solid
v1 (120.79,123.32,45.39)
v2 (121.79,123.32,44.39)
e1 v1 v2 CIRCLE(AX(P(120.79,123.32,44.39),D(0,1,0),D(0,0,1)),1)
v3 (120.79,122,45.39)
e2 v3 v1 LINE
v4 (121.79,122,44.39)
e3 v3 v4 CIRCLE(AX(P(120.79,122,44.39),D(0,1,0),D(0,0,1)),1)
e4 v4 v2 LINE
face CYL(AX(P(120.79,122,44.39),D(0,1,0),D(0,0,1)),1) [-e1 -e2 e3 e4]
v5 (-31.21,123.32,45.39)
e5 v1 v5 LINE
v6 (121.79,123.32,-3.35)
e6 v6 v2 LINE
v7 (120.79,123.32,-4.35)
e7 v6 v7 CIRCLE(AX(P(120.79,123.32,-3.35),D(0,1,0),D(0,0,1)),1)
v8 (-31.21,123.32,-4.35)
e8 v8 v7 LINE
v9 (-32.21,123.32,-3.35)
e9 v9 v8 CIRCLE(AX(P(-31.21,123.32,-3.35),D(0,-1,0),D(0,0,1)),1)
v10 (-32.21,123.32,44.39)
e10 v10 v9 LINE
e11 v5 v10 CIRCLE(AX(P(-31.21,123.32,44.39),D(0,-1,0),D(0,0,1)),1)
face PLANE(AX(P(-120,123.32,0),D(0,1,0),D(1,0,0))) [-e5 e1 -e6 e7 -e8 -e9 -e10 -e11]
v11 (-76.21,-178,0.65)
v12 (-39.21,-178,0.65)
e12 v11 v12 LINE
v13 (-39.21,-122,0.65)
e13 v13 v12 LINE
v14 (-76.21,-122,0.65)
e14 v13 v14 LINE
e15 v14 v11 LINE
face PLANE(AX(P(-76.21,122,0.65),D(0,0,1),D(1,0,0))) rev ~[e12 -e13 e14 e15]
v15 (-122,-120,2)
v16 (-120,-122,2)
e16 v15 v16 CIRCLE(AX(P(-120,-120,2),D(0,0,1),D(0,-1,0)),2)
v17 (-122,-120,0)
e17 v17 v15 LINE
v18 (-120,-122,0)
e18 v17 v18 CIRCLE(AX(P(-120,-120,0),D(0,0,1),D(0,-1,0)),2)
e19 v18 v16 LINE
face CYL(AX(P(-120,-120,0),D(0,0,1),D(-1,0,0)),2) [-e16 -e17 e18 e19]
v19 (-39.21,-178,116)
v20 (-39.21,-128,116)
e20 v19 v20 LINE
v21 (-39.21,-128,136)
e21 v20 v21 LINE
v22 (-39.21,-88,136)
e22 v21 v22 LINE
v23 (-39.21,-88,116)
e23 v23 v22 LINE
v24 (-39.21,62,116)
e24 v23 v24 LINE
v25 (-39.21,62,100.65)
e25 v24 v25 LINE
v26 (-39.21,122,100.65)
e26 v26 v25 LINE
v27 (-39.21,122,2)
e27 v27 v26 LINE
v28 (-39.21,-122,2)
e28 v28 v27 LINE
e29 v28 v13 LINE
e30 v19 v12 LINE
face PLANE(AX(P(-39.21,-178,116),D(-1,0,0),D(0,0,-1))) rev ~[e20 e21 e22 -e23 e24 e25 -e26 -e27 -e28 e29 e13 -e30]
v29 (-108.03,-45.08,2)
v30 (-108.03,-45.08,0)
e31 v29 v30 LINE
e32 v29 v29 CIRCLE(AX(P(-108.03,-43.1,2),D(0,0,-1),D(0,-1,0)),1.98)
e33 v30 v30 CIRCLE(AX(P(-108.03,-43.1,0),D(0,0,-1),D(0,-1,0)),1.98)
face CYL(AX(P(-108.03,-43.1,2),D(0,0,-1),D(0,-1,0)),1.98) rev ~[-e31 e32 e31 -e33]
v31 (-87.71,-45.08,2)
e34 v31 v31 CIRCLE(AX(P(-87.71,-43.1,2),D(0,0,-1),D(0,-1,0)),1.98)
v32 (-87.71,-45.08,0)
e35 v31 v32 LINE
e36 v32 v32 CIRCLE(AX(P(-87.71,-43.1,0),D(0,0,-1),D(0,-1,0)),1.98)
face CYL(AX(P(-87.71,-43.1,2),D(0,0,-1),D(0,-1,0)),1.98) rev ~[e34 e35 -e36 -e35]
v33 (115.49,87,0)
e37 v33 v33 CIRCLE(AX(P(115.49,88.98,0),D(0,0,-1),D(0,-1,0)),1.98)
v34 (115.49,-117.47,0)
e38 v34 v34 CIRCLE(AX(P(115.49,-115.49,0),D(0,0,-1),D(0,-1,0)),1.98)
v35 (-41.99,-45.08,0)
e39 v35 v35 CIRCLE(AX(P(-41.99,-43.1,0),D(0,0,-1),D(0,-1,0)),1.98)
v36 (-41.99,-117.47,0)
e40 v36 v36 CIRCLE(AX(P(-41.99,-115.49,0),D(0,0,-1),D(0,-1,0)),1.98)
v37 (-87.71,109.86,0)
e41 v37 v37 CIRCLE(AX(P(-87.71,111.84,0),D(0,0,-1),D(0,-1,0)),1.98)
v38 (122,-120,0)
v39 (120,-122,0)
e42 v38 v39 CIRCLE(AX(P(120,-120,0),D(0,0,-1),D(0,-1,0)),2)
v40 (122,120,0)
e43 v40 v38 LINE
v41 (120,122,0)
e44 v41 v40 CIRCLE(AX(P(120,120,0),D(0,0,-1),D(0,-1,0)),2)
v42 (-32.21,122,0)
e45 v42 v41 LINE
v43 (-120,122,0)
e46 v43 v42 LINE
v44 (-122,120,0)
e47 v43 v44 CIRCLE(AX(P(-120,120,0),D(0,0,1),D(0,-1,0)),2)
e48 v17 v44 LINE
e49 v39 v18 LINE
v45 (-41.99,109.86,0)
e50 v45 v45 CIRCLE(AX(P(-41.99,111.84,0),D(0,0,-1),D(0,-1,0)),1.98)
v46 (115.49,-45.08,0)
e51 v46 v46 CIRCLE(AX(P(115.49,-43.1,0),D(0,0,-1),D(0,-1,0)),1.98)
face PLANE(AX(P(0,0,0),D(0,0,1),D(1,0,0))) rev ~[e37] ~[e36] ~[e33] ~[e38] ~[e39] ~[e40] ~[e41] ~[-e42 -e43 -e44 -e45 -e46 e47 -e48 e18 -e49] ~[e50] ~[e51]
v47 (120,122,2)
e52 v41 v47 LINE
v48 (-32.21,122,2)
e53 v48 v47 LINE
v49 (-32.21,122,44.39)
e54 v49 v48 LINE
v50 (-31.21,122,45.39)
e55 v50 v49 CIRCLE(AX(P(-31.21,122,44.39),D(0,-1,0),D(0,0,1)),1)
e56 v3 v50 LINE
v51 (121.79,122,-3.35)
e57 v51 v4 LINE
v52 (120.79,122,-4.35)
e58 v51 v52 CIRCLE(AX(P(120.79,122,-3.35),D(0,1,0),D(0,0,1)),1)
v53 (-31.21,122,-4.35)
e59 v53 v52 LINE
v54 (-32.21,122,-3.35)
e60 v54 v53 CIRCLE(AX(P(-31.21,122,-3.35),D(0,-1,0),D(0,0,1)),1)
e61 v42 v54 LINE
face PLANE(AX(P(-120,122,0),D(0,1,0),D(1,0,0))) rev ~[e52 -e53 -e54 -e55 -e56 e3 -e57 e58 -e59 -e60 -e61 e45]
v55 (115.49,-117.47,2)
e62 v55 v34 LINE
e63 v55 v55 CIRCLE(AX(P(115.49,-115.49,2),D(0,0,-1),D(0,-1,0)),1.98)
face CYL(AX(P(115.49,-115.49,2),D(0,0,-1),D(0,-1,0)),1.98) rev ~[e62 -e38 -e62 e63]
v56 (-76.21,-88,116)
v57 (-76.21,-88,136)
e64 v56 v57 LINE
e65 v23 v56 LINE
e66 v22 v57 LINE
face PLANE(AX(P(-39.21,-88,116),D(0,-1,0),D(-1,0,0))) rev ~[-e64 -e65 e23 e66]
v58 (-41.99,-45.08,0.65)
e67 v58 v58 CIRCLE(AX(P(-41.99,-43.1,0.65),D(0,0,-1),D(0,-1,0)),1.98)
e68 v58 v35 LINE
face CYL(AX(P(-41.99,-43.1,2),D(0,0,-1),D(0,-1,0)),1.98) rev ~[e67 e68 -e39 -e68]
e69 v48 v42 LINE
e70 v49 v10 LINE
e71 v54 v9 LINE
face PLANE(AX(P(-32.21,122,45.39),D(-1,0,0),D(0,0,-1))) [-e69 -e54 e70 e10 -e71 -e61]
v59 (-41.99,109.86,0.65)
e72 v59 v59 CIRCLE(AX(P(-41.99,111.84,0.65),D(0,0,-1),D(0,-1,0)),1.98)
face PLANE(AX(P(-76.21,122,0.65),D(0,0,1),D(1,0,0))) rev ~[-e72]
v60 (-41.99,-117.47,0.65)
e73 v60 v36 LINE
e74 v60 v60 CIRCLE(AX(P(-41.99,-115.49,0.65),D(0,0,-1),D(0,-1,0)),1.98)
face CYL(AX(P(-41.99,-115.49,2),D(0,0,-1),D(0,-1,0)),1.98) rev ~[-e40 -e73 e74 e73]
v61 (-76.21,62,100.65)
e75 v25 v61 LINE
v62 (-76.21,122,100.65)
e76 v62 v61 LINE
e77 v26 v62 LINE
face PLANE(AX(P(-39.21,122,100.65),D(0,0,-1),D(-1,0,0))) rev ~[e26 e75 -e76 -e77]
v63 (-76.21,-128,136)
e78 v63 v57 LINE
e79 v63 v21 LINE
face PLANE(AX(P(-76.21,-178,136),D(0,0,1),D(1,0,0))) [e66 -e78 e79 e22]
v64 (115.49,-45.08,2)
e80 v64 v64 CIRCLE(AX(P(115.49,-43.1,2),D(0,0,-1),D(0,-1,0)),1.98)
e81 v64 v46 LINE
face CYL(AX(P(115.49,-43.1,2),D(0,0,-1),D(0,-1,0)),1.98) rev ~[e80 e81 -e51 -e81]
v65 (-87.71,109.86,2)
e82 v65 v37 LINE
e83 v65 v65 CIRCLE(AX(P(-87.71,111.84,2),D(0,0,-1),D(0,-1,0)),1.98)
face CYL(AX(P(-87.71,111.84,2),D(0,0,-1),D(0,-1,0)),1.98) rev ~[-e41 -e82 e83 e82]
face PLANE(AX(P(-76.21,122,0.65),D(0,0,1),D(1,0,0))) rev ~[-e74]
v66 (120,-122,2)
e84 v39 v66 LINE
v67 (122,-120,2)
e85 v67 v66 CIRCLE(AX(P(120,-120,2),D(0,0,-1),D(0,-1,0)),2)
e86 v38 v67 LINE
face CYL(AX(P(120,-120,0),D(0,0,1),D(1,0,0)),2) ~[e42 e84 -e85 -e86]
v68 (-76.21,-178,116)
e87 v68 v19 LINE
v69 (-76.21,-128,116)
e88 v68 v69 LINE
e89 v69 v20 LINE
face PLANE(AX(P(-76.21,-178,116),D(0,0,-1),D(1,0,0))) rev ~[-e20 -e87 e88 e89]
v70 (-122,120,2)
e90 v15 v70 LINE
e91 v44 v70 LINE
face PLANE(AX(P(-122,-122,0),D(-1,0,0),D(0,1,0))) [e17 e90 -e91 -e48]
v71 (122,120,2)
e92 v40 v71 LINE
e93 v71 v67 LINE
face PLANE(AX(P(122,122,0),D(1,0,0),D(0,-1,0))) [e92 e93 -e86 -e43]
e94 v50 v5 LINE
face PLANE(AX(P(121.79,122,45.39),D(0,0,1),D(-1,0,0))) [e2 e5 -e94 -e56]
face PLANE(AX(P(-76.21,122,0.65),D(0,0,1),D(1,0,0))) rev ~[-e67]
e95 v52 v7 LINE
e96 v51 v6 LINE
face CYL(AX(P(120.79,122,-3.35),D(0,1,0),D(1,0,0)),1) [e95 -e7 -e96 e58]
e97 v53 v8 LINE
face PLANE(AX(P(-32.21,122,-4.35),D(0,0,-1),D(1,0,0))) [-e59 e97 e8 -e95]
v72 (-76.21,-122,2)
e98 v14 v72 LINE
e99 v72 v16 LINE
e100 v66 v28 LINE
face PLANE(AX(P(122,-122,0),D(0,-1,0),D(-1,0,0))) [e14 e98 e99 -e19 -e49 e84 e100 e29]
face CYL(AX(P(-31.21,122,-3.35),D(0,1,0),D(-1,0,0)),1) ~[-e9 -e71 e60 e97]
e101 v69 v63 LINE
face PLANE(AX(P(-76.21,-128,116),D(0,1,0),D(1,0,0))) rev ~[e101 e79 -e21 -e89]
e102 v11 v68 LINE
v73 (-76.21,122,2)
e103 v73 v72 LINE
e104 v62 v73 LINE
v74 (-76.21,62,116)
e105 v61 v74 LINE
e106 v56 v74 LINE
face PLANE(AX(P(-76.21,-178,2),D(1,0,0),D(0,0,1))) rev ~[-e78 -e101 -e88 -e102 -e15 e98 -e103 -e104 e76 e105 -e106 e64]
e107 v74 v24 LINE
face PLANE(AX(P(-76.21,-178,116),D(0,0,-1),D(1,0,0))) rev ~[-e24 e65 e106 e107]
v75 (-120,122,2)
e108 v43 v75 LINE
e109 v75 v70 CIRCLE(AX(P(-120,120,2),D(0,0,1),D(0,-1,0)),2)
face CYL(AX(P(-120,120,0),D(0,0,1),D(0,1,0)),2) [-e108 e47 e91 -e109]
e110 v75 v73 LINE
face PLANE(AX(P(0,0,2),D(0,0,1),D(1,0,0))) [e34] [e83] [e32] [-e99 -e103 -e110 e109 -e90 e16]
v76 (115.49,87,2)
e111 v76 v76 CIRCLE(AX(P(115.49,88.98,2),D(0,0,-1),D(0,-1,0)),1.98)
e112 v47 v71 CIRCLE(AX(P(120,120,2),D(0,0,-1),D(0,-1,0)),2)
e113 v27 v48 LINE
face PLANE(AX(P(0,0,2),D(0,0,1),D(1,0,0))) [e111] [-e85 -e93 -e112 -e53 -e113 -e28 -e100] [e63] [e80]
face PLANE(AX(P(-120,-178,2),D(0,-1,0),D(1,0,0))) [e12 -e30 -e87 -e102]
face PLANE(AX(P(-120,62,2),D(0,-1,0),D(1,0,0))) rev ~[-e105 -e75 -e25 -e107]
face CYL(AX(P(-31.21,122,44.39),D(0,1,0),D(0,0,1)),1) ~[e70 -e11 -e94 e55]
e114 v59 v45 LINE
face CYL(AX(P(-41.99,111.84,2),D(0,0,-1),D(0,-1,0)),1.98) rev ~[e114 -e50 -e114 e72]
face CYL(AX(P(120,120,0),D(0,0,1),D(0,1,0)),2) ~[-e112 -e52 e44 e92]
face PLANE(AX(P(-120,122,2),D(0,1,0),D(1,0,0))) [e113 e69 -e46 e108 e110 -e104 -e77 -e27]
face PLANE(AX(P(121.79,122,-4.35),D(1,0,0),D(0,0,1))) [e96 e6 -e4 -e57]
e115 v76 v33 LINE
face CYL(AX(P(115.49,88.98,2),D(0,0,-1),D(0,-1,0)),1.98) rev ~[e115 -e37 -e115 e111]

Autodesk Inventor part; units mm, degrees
ref_plane "YZ Plane" through (0, 0, 0) normal (1, 0, 0) x (0, 1, 0)
ref_plane "XZ Plane" through (0, 0, 0) normal (0, 1, 0) x (-1, 0, 0)
ref_plane "XY Plane" through (0, 0, 0) normal (0, 0, 1) x (1, 0, 0)
sketch "Sketch1" plane through (0, 0, 0) normal (0, 0, 1) x (1, 0, 0)
  line L0 (-122, 122) -> (122, 122)
  line L1 (122, 122) -> (122, -122)
  line L2 (122, -122) -> (-122, -122)
  line L3 (-122, -122) -> (-122, 122)
  point P0 (0, 0)
  dimension "d0" = 244
  dimension "d1" = 244
  dimension "d2" = 122
  dimension "d3" = 122
extrude "Extrusion1" add sketch "Sketch1" along normal blind 2
sketch "Sketch3" plane through (0, 0, 2) normal (0, 0, 1) x (1, 0, 0)
  line L0 (122, 122) -> (-122, 122) projected
  line L1 (-122, 122) -> (-122, -122) projected
  line L2 (-122, -122) -> (122, -122) projected
  line L3 (122, -122) -> (122, 122) projected
  line L4 (-209.7818, 111.84) -> (205.7988, 111.84) construction
  line L5 (-179.0523, -43.1) -> (193.3606, -43.1) construction
  line L6 (-192.2221, -115.49) -> (227.0168, -115.49) construction
  line L7 (115.49, -184.6971) -> (115.49, 232.3468) construction
  line L8 (-41.99, -199.0105) -> (-41.99, 288.2767) construction
  point P0 (0, 0)
  point P1 (-87.71, 111.84)
  point P2 (-41.99, 111.84)
  point P3 (-108.03, -43.1)
  point P4 (-87.71, -43.1)
  point P5 (-41.99, -43.1)
  point P6 (115.49, -43.1)
  point P7 (115.49, -115.49)
  point P8 (-41.99, -115.49)
  point P9 (115.49, 88.98)
  dimension "d12" = 34.29
  dimension "d13" = 20.32
  dimension "d18" = 10.16
  dimension "d20" = 227.33
  dimension "d22" = 90
  dimension "d23" = 22.86
  dimension "d24" = 154.94
  dimension "d25" = 45.72
  dimension "d26" = 203.2
  dimension "d27" = 45.72
hole "Hole1" at (-87.71, 111.84, 2) at (-41.99, 111.84, 2) at (-108.03, -43.1, 2) at (-87.71, -43.1, 2) at (-41.99, -43.1, 2) at (115.49, -43.1, 2) at (115.49, -115.49, 2) at (-41.99, -115.49, 2) at (115.49, 88.98, 2) direction (0, 0, -1) diameter 3.96 end through all
fillet "Fillet1" radius 2 4 edges at (-122, 122, 1) (-122, -122, 1) (122, -122, 1) (122, 122, 1)
sketch "Sketch4" plane through (-120, 122, 0) normal (0, 1, 0) x (1, 0, 0)
  line L0 (34.27, -2) -> (30.31, -2) construction
  line L1 (32.29, -21.9524) -> (32.29, 25.1381) construction
  line L2 (241.79, -45.39) -> (87.79, -45.39)
  line L3 (87.79, -45.39) -> (87.79, 4.35)
  line L4 (87.79, 4.35) -> (241.79, 4.35)
  line L5 (241.79, 4.35) -> (241.79, -45.39)
  line L6 (240, -2) -> (0, -2) construction
  line L7 (34.27, -2) -> (30.31, -2) construction
  point P0 (120, 0)
  point P1 (32.29, -2)
  dimension "d36" = 154
  dimension "d37" = 49.74
  dimension "d38" = 55.5
  dimension "d39" = 6.35
extrude "Extrusion3" add sketch "Sketch4" along normal blind 1.32
fillet "Fillet2" radius 1 4 edges at (121.79, 122.66, 45.39) (-32.21, 122.66, 45.39) (121.79, 122.66, -4.35) (-32.21, 122.66, -4.35)
sketch "Sketch5" plane through (-120, 122, 2) normal (0, 1, 0) x (1, 0, 0)
  line L0 (80.79, -98.65) -> (43.79, -98.65)
  line L1 (43.79, -98.65) -> (43.79, 1.35)
  line L2 (43.79, 1.35) -> (80.79, 1.35)
  line L3 (80.79, 1.35) -> (80.79, -98.65)
  line L4 (87.79, 5.35) -> (87.79, -42.39) projected
  line L5 (240.79, 6.35) -> (88.79, 6.35) projected
  point P0 (120, 2)
  dimension "d43" = 37
  dimension "d44" = 100
  dimension "d45" = 7
  dimension "d46" = 5
extrude "Extrusion4" add sketch "Sketch5" against normal blind 300
sketch "Sketch7" plane through (-120, -178, 2) normal (0, -1, 0) x (1, 0, 0)
  line L0 (43.79, 114) -> (80.79, 114)
  line L1 (80.79, 114) -> (80.79, 0)
  line L2 (80.79, 0) -> (43.79, 0)
  line L3 (43.79, 0) -> (43.79, 114)
  point P0 (120, -2)
  dimension "d49" = 37
  dimension "d50" = 114
extrude "Extrusion5" add sketch "Sketch7" against normal blind 240
sketch "Sketch8" plane through (-76.21, -178, 116) normal (0, 0, 1) x (1, 0, 0)
  line L0 (37, 0) -> (37, 240) projected
  line L1 (0, 0) -> (0, 240) projected
  line L2 (37, 90) -> (0, 90)
  line L3 (0, 90) -> (0, 50)
  line L4 (0, 50) -> (37, 50)
  line L5 (37, 50) -> (37, 90)
  line L6 (0, 0) -> (37, 0) projected
  point P0 (76.21, 178)
  dimension "d53" = 50
  dimension "d54" = 40
extrude "Extrusion6" add sketch "Sketch8" along normal blind 20 contours L4 L1 L2 L0
properties part number "Mobo"
